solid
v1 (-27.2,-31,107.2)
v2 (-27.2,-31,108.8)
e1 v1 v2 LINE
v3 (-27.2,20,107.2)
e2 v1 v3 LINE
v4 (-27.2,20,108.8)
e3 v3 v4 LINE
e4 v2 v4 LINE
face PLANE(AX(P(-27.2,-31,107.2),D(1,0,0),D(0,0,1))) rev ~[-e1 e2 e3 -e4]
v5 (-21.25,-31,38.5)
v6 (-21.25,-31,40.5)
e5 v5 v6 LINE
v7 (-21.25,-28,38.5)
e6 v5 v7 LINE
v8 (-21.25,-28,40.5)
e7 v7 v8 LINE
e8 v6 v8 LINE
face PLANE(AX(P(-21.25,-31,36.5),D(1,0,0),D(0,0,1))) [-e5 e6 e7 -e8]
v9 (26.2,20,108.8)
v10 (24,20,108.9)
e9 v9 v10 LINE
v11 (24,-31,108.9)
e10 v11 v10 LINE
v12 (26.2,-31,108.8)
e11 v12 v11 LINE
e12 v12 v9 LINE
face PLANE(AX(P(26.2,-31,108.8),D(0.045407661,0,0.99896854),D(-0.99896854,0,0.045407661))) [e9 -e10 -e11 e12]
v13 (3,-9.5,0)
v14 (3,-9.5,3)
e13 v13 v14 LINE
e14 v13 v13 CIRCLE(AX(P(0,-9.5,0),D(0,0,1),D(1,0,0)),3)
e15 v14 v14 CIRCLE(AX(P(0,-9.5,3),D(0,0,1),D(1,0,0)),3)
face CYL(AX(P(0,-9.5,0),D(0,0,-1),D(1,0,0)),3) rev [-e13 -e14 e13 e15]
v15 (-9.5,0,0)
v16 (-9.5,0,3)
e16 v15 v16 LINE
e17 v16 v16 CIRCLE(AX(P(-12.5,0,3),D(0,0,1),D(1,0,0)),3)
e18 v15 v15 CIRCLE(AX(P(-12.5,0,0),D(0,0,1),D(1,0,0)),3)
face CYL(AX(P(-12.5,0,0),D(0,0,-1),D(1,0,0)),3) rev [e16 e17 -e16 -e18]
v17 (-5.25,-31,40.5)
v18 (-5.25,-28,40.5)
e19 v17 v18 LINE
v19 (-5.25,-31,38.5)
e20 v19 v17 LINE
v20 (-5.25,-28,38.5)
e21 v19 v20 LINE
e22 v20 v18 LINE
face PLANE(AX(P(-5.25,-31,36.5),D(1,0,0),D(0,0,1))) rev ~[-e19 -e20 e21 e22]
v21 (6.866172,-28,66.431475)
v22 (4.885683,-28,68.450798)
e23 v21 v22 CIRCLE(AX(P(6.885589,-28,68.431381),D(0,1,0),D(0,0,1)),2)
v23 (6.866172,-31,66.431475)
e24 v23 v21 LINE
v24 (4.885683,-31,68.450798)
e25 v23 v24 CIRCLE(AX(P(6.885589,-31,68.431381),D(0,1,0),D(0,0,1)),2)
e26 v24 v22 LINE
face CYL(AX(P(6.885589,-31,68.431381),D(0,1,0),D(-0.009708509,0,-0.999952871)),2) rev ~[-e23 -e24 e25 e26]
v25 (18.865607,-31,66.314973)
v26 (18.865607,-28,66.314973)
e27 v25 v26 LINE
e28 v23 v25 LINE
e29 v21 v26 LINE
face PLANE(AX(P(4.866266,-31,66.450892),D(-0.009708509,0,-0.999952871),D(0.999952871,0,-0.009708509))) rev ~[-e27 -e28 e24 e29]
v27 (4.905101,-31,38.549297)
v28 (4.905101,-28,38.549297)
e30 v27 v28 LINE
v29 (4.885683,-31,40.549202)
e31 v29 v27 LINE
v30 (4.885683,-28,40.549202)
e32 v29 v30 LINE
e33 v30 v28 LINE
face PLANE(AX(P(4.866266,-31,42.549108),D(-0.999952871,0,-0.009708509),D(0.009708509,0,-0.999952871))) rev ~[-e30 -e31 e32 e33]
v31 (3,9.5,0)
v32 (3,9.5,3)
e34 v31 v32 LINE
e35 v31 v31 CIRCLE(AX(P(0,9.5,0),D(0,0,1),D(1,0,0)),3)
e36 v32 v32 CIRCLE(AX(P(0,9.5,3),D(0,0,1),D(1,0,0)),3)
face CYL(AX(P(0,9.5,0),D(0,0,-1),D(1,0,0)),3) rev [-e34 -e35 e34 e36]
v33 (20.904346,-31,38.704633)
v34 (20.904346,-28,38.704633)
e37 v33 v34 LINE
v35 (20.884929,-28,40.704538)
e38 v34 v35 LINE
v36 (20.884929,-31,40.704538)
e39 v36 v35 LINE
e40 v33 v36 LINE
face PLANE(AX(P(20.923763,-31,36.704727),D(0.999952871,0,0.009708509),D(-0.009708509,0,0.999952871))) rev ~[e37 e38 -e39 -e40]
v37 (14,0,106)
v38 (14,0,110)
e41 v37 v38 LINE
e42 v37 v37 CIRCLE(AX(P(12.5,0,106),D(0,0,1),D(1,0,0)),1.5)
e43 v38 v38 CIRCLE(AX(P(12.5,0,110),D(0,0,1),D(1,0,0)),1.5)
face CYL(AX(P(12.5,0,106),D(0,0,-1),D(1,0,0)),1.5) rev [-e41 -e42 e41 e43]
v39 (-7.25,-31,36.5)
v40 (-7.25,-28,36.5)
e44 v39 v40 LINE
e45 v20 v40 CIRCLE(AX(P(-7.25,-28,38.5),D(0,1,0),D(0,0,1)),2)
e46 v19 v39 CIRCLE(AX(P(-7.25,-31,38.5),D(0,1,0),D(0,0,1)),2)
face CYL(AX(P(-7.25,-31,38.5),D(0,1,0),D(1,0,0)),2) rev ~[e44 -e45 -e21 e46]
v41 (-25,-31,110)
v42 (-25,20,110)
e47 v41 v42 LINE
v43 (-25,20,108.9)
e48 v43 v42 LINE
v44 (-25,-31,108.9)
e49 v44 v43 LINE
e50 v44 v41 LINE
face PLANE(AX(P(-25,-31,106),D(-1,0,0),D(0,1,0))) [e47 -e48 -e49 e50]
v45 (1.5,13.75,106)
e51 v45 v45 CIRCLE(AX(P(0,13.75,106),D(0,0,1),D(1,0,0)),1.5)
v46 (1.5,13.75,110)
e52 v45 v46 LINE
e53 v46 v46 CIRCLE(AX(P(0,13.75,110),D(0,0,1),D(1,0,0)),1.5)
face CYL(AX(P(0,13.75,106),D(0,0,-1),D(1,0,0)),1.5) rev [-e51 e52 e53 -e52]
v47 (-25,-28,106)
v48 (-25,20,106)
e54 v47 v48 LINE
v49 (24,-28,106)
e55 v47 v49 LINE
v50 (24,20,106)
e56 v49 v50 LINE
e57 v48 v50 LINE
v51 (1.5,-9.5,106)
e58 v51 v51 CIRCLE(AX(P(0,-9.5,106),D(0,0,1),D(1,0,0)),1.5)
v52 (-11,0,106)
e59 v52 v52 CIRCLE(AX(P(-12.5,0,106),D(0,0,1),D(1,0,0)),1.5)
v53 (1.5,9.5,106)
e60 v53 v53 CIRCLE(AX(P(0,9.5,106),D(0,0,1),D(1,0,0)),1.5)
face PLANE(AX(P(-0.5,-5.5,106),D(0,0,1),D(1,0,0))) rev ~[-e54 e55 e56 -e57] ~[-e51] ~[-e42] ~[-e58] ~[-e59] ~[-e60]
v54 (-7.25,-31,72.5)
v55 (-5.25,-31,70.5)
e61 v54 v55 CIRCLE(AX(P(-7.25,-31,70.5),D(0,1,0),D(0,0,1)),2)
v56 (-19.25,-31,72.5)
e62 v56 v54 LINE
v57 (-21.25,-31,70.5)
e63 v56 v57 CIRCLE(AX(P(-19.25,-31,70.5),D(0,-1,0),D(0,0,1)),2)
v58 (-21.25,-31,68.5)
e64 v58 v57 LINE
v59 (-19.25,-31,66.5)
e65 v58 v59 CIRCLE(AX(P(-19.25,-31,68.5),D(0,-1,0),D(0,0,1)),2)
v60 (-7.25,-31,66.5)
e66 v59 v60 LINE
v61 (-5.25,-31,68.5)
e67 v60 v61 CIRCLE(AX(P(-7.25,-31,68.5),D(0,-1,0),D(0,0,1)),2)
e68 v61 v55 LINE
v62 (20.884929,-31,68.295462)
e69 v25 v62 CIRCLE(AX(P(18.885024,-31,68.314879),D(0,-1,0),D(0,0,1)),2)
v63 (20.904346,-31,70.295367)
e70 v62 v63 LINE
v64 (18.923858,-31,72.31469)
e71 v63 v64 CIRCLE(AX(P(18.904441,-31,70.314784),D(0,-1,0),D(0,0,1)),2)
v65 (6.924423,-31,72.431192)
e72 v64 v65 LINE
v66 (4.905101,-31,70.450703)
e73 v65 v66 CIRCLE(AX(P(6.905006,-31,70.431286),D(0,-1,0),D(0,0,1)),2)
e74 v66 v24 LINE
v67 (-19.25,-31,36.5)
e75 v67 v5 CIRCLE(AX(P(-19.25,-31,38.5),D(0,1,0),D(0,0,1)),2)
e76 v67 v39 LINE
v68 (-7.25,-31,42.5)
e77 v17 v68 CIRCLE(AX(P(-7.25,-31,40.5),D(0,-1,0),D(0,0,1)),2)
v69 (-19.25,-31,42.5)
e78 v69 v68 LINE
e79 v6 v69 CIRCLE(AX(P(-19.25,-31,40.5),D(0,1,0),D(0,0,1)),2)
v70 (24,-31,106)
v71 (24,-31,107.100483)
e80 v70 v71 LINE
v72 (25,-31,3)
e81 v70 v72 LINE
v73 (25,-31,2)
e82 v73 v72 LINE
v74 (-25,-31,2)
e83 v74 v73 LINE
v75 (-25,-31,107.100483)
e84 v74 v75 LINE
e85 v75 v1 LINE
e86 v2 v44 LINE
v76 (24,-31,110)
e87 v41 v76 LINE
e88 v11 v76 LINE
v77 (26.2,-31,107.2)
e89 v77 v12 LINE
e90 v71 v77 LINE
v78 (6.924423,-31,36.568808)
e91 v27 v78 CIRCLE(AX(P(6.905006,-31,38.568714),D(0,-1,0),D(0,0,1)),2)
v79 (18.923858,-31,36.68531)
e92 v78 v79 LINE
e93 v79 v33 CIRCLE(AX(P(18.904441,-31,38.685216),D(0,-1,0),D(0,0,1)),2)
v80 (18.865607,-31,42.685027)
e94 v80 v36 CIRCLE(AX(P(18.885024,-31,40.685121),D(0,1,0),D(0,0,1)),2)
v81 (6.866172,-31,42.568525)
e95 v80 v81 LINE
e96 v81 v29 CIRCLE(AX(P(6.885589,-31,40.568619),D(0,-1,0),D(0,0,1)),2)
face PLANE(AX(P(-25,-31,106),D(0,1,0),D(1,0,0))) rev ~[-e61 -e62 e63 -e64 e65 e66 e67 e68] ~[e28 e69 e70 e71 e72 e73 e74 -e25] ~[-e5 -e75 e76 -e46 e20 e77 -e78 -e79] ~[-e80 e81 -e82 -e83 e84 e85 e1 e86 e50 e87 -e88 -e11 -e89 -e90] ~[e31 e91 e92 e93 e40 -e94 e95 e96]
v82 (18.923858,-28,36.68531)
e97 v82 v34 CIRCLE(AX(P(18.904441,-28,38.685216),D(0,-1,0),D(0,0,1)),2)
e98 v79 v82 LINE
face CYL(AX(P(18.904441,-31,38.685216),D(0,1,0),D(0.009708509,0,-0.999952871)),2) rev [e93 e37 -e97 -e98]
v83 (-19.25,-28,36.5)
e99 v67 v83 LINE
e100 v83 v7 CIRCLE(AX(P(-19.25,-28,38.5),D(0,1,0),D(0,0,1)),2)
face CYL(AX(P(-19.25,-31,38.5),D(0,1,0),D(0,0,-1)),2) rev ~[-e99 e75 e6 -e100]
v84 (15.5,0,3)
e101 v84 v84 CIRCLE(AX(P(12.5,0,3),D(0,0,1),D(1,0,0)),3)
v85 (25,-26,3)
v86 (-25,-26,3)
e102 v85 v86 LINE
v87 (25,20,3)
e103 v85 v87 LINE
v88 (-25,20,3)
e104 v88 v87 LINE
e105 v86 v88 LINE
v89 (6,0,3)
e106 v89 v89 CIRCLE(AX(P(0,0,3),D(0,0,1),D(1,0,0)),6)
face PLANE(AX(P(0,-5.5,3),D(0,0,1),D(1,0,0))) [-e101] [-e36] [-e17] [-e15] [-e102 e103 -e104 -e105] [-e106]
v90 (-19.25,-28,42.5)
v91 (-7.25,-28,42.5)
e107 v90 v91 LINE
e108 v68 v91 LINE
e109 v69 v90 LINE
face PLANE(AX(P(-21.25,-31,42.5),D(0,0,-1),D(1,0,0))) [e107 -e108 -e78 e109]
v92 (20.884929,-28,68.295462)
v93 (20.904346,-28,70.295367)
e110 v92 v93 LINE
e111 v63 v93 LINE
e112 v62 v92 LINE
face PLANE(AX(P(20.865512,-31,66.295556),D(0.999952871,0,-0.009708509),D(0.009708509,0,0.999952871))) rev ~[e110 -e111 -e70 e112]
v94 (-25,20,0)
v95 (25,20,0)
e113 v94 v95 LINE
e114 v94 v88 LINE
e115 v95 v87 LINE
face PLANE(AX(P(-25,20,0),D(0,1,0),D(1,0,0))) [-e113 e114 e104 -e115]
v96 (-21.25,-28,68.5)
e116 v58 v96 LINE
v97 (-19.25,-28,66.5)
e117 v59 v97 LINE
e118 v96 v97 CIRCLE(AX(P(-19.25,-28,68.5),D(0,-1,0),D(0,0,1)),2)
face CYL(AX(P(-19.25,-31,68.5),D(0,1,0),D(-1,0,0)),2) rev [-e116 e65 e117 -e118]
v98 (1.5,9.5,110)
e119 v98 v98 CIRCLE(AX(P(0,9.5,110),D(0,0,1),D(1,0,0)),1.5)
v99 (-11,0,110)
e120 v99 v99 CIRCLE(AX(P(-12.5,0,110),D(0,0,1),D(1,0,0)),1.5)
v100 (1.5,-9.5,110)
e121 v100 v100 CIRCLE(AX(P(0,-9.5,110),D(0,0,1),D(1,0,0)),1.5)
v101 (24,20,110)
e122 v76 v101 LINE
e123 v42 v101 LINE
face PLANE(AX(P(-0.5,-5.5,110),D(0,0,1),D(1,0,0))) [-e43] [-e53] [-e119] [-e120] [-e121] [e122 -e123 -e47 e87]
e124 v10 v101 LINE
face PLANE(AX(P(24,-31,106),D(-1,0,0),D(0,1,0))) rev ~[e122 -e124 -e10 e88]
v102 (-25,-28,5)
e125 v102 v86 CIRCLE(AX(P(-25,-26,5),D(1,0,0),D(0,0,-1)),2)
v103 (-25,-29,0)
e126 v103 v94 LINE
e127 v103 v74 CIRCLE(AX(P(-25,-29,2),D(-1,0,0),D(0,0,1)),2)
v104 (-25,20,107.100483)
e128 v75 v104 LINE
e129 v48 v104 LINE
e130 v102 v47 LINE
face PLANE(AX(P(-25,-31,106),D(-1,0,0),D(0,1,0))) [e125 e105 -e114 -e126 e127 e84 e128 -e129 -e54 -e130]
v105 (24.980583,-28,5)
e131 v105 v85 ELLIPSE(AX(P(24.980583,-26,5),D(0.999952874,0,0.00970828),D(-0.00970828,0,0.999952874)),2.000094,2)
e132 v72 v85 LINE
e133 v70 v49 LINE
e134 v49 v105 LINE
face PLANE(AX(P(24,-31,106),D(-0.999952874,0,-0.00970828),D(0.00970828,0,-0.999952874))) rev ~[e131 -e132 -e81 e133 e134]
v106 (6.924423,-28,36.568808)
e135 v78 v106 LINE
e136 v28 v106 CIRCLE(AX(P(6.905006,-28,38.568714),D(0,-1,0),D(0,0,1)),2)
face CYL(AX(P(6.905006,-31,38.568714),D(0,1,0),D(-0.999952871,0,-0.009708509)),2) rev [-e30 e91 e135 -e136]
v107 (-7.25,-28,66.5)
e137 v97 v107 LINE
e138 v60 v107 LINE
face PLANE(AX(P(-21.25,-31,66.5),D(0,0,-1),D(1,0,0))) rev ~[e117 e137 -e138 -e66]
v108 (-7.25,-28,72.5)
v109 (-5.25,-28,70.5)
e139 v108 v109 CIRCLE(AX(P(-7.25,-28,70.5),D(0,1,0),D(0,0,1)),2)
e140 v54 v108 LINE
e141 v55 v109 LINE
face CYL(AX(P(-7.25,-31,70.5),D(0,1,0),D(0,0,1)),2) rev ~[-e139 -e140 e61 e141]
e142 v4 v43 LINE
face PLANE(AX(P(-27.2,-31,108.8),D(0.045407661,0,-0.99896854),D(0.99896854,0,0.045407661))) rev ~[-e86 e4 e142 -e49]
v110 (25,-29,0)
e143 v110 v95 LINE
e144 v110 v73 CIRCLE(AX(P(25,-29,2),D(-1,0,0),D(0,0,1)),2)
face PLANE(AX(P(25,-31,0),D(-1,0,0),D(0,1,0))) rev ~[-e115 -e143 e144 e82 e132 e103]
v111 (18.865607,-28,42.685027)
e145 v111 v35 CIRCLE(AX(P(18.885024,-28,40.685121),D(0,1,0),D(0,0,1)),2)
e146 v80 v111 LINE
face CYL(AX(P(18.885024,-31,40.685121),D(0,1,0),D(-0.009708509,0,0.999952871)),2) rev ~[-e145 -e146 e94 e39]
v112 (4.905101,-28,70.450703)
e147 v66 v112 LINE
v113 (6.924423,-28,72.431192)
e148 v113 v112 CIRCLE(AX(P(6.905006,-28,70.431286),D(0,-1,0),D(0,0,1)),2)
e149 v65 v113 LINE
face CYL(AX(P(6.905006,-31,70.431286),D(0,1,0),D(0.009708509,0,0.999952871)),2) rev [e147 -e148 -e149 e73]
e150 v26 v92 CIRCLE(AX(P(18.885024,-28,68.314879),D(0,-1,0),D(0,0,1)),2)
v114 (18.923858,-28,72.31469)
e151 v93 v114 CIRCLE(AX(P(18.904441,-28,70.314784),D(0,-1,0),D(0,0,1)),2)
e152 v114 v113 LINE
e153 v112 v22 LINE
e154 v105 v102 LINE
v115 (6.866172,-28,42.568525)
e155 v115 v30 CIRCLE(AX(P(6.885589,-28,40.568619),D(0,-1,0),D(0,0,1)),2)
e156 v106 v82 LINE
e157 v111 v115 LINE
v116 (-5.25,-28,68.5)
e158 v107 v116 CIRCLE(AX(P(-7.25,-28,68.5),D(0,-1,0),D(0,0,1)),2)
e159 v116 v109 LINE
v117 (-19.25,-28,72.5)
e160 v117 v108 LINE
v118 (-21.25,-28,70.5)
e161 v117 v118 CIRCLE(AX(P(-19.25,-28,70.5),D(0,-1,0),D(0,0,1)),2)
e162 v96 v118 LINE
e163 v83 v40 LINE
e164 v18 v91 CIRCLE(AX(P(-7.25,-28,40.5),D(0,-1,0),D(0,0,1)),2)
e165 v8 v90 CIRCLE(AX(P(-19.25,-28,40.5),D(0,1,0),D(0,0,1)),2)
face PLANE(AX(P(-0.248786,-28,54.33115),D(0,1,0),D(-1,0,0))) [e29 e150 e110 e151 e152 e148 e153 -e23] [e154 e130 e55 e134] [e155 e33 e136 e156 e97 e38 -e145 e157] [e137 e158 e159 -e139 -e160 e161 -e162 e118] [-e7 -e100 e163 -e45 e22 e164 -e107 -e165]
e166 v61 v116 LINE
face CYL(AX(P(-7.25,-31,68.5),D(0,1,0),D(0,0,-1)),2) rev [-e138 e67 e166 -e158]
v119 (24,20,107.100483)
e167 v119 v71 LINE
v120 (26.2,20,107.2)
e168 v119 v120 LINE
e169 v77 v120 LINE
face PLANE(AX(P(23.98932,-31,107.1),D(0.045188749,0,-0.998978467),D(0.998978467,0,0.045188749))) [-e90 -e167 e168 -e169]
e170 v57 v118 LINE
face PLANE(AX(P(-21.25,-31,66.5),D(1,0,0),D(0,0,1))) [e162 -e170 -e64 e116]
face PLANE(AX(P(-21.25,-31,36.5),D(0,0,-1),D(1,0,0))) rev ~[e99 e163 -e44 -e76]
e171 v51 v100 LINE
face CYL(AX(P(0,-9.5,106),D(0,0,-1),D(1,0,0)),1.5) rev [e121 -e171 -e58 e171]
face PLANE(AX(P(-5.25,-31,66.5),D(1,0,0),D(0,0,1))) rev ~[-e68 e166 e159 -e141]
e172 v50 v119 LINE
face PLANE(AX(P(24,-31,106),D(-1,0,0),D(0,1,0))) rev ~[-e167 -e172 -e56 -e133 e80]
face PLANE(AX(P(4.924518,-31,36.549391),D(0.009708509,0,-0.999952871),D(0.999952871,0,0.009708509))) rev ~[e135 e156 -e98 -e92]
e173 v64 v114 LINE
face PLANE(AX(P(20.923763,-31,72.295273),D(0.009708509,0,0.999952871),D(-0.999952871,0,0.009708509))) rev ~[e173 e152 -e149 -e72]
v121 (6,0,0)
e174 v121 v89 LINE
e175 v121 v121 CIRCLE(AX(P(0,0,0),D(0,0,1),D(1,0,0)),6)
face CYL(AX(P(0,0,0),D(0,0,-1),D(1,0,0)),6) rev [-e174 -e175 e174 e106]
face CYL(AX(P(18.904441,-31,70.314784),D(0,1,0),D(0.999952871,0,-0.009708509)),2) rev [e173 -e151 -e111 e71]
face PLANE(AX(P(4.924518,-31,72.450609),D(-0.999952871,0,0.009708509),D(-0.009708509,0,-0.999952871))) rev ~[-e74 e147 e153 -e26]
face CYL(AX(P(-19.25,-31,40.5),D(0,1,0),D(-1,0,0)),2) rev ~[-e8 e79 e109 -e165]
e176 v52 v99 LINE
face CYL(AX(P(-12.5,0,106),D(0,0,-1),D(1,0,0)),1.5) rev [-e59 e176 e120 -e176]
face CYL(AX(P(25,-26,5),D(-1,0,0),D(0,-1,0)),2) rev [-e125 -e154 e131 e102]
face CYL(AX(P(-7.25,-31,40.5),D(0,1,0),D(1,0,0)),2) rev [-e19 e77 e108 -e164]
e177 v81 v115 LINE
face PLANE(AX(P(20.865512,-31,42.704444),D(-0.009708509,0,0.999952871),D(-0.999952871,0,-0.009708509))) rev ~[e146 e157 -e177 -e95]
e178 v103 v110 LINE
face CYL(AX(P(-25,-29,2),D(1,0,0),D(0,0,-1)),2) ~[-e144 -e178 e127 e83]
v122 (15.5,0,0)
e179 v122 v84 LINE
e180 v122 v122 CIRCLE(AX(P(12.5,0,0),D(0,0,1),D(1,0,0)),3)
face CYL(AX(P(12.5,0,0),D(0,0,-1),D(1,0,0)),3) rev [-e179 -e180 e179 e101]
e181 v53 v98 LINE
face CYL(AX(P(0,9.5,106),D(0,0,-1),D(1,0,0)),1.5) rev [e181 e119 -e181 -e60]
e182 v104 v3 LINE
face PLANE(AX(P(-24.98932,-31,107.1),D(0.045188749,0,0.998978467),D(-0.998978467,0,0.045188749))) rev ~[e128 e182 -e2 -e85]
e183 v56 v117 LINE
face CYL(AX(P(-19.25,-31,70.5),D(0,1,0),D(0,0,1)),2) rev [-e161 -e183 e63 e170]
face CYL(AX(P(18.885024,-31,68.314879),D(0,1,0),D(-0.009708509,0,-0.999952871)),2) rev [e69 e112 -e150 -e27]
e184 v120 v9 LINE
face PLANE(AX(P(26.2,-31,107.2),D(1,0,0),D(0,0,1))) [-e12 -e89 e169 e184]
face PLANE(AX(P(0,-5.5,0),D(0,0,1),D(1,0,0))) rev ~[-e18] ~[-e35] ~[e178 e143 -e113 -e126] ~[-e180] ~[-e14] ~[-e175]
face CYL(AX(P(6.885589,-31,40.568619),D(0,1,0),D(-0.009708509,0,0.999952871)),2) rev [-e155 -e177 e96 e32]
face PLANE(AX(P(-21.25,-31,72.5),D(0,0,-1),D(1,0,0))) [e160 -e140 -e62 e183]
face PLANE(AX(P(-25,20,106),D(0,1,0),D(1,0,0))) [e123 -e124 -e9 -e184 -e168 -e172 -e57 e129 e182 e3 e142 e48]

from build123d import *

# Parameters (mm, degrees)
SKETCH_1_W      = 50
SKETCH_1_H      = 51
SKETCH_1_R      = 6
SKETCH_1_R_2    = 3
EXTRUDE_1_DEPTH = 3
SKETCH_2_W      = 16
SKETCH_2_H      = 6
EXTRUDE_2_DEPTH = 3
SKETCH_3_W      = 49
SKETCH_3_H      = 51
SKETCH_3_R      = 1.5
EXTRUDE_3_DEPTH = 4
FILLET_2_R      = 2
FILLET_3_R      = 2
FILLET_4_R      = 2
FILLET_5_R      = 2
FILLET_6_R      = 2
EXTRUDE_5_DEPTH = 51


with BuildPart() as part:
    # 草图1 → 凸台-拉伸1 (new body)
    with BuildSketch(Plane.XY):
        with Locations((0, -5.5)):
            Rectangle(SKETCH_1_W, SKETCH_1_H)
        Circle(SKETCH_1_R, mode=Mode.SUBTRACT)
        with Locations((12.5, 0)):
            Circle(SKETCH_1_R_2, mode=Mode.SUBTRACT)
        with Locations((-12.5, 0)):
            Circle(SKETCH_1_R_2, mode=Mode.SUBTRACT)
        with Locations((0, 9.5)):
            Circle(SKETCH_1_R_2, mode=Mode.SUBTRACT)
        with Locations((0, -9.5)):
            Circle(SKETCH_1_R_2, mode=Mode.SUBTRACT)
    extrude(amount=EXTRUDE_1_DEPTH)

    # 草图2 → 凸台-拉伸2 (add)
    with BuildSketch(Plane.XZ.offset(31)):
        Polygon((-25, 3), (-25, 106), (24, 106), (25, 3), align=None)
        with Locations((-13.25, 39.5)):
            Rectangle(SKETCH_2_W, SKETCH_2_H, mode=Mode.SUBTRACT)
        Polygon((4.866266466, 42.54910809), (4.92451752, 36.549390862), (20.923763461, 36.704727007), (20.865512407, 42.704444235), align=None, mode=Mode.SUBTRACT)
        with Locations((-13.25, 69.5)):
            Rectangle(SKETCH_2_W, SKETCH_2_H, mode=Mode.SUBTRACT)
        Polygon((20.865512407, 66.295555765), (20.923763461, 72.295272993), (4.92451752, 72.450609138), (4.866266466, 66.45089191), align=None, mode=Mode.SUBTRACT)
    extrude(amount=-EXTRUDE_2_DEPTH)

    # 草图3 → 凸台-拉伸3 (add)
    with BuildSketch(Plane.XY.offset(106)):
        with Locations((-0.5, -5.5)):
            Rectangle(SKETCH_3_W, SKETCH_3_H)
        with Locations((-12.5, 0)):
            Circle(SKETCH_3_R, mode=Mode.SUBTRACT)
        with Locations((12.5, 0)):
            Circle(SKETCH_3_R, mode=Mode.SUBTRACT)
        with Locations((0, -9.5)):
            Circle(SKETCH_3_R, mode=Mode.SUBTRACT)
        with Locations((0, 9.5)):
            Circle(SKETCH_3_R, mode=Mode.SUBTRACT)
        with Locations((0, 13.75)):
            Circle(SKETCH_3_R, mode=Mode.SUBTRACT)
    extrude(amount=EXTRUDE_3_DEPTH)

    # 圆角2
    fillet_2_edges = [part.edges().sort_by_distance(p)[0] for p in [
        (-5.25, -29.5, 36.5),
    ]]
    fillet(fillet_2_edges, radius=FILLET_2_R)

    # 圆角3
    fillet_3_edges = [part.edges().sort_by_distance(p)[0] for p in [
        (-21.25, -29.5, 36.5),
        (-21.25, -29.5, 42.5),
        (-5.25, -29.5, 42.5),
    ]]
    fillet(fillet_3_edges, radius=FILLET_3_R)

    # 圆角4
    fillet_4_edges = [part.edges().sort_by_distance(p)[0] for p in [
        (20.865512407, -29.5, 42.704444235),
        (20.923763461, -29.5, 36.704727007),
        (4.92451752, -29.5, 36.549390862),
        (4.866266466, -29.5, 42.54910809),
        (-21.25, -29.5, 66.5),
        (-21.25, -29.5, 72.5),
        (-5.25, -29.5, 72.5),
        (-5.25, -29.5, 66.5),
        (4.866266466, -29.5, 66.45089191),
        (4.92451752, -29.5, 72.450609138),
        (20.923763461, -29.5, 72.295272993),
        (20.865512407, -29.5, 66.295555765),
    ]]
    fillet(fillet_4_edges, radius=FILLET_4_R)

    # 圆角5
    fillet_5_edges = [part.edges().sort_by_distance(p)[0] for p in [
        (0, -28, 3),
    ]]
    fillet(fillet_5_edges, radius=FILLET_5_R)

    # 圆角6
    fillet_6_edges = [part.edges().sort_by_distance(p)[0] for p in [
        (0, -31, 0),
    ]]
    fillet(fillet_6_edges, radius=FILLET_6_R)

    # 草图6 → 凸台-拉伸5 (add)
    with BuildSketch(Plane(origin=(0, -31, 0), x_dir=(-1, 0, 0), z_dir=(0, -1, 0))):
        Polygon((-24, -108.9), (-23.989320388, -107.1), (-26.2, -107.2), (-26.2, -108.8), align=None)
        Polygon((25, -108.9), (24.989320388, -107.1), (27.2, -107.2), (27.2, -108.8), align=None)
    extrude(amount=-EXTRUDE_5_DEPTH)


solid = part.part
